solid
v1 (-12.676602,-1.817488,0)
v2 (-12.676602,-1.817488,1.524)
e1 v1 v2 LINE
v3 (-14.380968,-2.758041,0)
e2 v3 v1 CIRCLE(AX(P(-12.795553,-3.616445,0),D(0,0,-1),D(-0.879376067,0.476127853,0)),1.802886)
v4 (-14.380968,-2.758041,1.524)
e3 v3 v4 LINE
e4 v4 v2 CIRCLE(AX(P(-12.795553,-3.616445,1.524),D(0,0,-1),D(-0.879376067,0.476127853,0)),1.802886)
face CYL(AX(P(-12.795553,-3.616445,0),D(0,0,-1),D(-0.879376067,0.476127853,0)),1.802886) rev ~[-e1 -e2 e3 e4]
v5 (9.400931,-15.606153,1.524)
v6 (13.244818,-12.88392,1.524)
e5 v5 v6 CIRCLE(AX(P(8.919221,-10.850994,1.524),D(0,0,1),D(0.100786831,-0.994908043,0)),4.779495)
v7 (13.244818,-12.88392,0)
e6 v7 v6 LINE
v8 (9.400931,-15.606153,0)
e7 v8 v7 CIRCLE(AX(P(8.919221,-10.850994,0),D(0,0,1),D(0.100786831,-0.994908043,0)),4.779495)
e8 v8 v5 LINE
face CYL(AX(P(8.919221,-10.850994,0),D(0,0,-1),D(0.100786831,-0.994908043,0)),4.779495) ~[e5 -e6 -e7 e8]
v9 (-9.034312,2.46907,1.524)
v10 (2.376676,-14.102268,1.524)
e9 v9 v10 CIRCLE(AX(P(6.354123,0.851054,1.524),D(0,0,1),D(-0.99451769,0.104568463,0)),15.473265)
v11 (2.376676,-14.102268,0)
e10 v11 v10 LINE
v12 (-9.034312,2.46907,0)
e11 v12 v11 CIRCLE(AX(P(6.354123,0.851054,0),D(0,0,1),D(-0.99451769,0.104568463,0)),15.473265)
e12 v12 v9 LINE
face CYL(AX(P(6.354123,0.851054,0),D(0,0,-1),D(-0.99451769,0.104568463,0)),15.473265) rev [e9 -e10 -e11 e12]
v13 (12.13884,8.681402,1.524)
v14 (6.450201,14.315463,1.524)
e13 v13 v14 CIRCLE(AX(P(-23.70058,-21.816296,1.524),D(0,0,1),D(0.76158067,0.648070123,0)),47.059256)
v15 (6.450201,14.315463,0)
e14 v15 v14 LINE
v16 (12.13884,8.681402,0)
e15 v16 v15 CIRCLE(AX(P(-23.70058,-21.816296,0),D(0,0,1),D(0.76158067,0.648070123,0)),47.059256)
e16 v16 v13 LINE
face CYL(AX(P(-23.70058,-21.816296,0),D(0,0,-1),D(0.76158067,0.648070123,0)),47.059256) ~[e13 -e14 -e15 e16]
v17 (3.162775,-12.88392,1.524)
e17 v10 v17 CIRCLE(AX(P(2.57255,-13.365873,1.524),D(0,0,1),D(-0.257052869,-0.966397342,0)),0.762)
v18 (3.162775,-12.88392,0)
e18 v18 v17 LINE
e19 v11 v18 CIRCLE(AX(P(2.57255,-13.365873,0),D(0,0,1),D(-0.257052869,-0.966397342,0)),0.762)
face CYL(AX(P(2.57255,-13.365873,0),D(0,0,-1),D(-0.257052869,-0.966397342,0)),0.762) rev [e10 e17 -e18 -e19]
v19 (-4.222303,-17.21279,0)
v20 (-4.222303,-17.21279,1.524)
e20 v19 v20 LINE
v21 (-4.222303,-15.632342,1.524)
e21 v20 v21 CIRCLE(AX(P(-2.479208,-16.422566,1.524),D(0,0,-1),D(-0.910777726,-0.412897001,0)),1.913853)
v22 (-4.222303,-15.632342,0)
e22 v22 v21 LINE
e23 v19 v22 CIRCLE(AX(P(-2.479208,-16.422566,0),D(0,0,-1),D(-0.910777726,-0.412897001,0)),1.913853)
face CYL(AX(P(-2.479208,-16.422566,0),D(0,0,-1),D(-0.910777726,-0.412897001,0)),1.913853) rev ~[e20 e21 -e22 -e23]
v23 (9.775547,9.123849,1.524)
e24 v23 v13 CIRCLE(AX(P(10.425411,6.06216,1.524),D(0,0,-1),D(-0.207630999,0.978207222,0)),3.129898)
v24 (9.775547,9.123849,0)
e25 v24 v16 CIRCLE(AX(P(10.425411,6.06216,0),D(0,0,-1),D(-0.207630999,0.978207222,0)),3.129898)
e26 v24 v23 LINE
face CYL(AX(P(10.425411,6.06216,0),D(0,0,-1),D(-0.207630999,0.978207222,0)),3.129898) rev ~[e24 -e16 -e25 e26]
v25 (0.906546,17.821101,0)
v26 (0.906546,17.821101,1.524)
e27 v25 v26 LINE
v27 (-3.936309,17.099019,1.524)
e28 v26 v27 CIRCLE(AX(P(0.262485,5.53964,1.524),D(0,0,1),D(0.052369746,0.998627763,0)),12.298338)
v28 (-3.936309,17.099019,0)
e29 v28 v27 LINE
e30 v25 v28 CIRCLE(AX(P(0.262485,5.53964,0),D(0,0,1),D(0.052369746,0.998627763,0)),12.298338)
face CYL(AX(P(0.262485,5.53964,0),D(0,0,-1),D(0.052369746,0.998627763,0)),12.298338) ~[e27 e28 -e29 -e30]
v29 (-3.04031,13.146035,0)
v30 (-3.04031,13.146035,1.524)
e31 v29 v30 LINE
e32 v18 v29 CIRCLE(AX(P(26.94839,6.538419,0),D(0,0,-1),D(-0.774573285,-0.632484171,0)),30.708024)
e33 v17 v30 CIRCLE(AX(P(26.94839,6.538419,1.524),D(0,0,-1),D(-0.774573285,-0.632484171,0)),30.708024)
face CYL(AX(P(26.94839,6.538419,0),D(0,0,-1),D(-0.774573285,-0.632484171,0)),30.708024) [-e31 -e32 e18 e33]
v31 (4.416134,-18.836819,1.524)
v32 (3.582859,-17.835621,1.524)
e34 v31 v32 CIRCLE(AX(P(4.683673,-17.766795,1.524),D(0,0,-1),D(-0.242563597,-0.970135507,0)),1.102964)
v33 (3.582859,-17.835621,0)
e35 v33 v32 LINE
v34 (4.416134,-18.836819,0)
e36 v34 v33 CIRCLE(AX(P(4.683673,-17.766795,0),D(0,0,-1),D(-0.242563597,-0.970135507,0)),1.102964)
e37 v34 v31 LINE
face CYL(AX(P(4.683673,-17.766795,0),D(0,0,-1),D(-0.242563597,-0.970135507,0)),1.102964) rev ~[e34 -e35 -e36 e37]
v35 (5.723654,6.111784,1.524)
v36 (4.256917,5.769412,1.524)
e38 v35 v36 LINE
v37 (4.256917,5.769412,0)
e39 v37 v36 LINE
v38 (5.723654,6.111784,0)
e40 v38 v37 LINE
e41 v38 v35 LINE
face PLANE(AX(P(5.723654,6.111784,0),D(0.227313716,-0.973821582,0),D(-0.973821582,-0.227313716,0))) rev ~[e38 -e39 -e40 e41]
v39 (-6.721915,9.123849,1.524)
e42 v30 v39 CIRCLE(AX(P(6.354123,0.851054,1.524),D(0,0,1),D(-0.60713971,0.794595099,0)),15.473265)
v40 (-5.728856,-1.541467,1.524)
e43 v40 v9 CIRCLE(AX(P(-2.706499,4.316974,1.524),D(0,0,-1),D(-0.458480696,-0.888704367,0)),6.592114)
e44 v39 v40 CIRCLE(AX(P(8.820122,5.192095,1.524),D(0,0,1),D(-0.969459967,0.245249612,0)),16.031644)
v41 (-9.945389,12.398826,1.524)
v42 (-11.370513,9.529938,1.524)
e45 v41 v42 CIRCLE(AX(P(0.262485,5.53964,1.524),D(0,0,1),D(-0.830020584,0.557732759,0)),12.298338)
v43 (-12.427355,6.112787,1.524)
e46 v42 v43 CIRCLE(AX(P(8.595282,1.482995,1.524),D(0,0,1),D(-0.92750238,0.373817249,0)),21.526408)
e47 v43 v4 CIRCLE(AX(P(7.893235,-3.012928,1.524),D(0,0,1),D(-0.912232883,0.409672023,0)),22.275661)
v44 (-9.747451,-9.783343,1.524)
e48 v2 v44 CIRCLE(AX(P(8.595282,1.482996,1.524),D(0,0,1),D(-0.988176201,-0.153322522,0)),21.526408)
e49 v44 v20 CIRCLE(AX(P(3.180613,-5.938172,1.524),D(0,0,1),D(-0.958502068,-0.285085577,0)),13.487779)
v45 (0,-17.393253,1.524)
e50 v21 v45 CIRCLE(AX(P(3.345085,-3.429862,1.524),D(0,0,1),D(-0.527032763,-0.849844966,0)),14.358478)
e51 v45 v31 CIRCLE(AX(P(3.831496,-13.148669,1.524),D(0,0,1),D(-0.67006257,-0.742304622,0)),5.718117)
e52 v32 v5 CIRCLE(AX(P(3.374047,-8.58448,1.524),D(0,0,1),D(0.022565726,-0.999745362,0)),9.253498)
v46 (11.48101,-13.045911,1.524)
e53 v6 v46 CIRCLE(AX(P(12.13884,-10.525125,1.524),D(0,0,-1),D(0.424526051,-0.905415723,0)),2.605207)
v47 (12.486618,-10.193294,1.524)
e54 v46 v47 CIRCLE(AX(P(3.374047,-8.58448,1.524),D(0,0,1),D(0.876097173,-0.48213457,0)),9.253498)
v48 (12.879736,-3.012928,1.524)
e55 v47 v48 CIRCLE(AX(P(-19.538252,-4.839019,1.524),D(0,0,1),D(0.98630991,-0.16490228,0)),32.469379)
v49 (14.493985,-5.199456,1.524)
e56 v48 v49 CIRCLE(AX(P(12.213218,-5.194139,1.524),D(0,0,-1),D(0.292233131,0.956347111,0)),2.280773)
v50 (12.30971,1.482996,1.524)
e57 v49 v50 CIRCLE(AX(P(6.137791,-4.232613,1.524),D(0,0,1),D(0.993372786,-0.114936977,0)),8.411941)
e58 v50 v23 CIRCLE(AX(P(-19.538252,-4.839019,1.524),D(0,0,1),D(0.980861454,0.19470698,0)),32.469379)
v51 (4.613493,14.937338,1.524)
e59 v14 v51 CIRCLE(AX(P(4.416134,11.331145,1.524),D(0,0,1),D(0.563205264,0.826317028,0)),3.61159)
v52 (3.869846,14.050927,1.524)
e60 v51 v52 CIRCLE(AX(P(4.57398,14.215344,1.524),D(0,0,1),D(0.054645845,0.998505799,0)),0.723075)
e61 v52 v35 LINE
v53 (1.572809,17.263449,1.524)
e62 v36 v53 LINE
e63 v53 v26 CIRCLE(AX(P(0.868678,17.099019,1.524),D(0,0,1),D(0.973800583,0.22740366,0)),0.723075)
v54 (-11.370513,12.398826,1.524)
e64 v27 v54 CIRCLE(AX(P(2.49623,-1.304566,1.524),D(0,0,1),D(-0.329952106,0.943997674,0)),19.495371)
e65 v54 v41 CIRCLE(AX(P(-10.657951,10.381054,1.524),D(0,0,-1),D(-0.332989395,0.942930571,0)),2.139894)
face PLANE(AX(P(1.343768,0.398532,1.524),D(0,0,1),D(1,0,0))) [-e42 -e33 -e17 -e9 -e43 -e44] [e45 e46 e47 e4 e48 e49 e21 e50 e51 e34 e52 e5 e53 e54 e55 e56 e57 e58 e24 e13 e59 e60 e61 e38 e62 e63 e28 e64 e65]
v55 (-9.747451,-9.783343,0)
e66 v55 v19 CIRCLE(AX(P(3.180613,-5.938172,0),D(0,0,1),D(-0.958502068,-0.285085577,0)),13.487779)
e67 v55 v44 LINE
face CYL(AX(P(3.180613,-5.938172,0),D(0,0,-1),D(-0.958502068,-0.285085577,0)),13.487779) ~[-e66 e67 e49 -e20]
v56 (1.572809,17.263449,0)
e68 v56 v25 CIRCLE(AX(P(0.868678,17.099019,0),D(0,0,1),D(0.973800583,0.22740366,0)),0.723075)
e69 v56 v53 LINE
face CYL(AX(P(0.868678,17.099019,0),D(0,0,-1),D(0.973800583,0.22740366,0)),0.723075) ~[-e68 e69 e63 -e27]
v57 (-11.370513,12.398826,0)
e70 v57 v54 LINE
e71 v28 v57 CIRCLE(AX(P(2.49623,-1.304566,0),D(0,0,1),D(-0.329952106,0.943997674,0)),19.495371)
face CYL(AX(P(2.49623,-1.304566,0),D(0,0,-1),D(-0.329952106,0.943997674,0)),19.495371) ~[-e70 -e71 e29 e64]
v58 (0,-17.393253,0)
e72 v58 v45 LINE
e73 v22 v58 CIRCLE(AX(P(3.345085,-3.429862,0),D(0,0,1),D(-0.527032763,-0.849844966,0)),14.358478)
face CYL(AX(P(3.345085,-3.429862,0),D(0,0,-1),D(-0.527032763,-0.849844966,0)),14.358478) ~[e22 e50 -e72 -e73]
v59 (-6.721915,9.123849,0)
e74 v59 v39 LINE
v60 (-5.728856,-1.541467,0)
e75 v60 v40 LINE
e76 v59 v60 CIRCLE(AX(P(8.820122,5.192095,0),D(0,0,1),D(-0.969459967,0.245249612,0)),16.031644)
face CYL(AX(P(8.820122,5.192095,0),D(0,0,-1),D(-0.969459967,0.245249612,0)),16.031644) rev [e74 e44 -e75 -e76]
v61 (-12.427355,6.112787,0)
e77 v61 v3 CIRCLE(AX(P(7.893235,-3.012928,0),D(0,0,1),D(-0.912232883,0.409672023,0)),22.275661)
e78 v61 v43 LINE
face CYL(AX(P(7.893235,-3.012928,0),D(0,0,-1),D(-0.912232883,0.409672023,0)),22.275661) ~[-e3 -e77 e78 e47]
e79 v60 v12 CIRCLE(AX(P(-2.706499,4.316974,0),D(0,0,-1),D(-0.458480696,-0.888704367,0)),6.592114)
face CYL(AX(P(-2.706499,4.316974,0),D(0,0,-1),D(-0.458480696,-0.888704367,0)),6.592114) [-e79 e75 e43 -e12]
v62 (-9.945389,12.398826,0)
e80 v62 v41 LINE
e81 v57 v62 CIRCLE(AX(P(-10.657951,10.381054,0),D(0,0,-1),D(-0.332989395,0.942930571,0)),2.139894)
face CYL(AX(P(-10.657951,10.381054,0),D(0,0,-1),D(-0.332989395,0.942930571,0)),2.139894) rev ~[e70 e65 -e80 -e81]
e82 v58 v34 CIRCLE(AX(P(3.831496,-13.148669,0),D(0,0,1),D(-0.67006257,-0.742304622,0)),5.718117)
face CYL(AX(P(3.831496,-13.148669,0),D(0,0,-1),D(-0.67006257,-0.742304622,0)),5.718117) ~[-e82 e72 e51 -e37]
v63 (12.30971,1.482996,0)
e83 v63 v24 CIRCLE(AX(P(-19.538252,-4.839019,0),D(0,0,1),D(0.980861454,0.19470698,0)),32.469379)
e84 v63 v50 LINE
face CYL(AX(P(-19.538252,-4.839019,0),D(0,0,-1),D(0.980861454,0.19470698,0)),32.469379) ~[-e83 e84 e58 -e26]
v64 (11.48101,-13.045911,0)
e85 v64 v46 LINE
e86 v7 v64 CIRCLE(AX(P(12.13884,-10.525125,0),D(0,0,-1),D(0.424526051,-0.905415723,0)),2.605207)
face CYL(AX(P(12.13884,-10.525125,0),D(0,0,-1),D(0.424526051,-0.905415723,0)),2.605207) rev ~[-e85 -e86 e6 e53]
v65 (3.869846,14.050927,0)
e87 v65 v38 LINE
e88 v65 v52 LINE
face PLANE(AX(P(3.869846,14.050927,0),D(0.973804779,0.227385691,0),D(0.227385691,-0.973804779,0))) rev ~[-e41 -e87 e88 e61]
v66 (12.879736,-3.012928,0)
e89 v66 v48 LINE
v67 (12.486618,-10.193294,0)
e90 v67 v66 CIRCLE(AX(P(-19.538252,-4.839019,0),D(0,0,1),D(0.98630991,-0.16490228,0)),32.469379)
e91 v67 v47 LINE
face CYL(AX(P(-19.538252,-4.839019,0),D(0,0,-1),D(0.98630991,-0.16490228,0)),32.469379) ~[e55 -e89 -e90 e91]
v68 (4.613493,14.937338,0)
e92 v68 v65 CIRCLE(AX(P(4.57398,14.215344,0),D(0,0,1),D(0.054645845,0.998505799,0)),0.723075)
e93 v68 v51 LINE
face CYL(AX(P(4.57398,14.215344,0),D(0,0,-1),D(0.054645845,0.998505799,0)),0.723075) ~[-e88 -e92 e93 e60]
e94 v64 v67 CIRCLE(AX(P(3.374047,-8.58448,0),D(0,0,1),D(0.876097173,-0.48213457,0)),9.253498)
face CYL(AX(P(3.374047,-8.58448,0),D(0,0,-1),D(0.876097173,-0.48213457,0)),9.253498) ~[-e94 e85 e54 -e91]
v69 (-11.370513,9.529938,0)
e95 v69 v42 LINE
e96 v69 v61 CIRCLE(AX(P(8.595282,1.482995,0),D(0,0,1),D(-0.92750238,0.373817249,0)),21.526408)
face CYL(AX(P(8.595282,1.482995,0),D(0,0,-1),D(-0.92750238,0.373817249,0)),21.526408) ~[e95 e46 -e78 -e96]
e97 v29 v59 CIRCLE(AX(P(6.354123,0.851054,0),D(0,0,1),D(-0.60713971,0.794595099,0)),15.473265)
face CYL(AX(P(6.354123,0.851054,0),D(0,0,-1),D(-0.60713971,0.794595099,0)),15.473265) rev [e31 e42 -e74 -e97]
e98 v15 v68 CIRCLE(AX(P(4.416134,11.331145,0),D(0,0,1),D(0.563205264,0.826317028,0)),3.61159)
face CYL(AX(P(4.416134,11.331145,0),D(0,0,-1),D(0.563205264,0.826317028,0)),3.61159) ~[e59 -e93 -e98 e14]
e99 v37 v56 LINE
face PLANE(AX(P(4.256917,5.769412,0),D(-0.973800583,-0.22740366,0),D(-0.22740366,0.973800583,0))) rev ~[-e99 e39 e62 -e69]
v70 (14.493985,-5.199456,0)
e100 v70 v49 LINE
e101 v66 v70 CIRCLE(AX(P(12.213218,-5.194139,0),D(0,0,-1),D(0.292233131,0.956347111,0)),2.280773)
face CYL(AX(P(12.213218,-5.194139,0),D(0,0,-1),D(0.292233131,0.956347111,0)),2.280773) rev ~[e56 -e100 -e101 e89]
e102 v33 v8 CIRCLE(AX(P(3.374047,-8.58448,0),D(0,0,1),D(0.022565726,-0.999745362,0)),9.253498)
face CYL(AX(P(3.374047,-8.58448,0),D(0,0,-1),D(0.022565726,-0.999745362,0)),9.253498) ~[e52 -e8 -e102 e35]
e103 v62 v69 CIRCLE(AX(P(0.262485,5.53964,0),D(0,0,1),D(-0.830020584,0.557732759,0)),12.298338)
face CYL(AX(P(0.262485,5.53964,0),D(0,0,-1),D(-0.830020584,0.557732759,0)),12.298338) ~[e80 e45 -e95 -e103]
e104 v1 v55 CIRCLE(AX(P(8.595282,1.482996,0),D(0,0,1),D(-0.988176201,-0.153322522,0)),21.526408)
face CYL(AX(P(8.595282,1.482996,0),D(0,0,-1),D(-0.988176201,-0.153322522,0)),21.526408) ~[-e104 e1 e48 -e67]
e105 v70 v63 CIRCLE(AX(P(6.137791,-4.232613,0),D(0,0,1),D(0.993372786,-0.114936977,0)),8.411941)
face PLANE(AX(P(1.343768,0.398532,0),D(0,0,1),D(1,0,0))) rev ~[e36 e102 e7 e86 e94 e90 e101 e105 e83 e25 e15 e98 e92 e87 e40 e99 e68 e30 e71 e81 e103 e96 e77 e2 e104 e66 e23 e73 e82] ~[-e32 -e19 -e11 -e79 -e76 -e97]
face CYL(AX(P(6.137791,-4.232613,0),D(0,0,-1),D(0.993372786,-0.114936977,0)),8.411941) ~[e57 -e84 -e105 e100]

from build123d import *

# Parameters (mm, degrees)
BOSS_EXTRUDE1_DEPTH = 1.524


with BuildPart() as part:
    # Sketch1 → Boss-Extrude1 (new body)
    with BuildSketch(Plane.XY):
        with BuildLine():
            Line((4.256917141, 5.769411883), (1.572809007, 17.263448795))
            ThreePointArc((1.572809007, 17.263448795), (1.33277356, 17.653503195), (0.906545614, 17.821101488))
            ThreePointArc((0.906545614, 17.821101488), (-1.551180683, 17.70350979), (-3.936309018, 17.099018945))
            ThreePointArc((-3.936309018, 17.099018945), (-7.921935156, 15.173641861), (-11.370512849, 12.398825736))
            ThreePointArc((-11.370512849, 12.398825736), (-10.65795085, 12.520948262), (-9.945388851, 12.398825736))
            ThreePointArc((-9.945388851, 12.398825736), (-10.75175796, 11.010980832), (-11.370512849, 9.529938291))
            ThreePointArc((-11.370512849, 9.529938291), (-11.970031651, 7.843351342), (-12.427355406, 6.112786892))
            ThreePointArc((-12.427355406, 6.112786892), (-13.861120773, 1.778008598), (-14.380967646, -2.758040919))
            ThreePointArc((-14.380967646, -2.758040919), (-13.666638109, -2.037962277), (-12.676602307, -1.817487676))
            ThreePointArc((-12.676602307, -1.817487676), (-11.608509665, -5.94620724), (-9.747451479, -9.783342834))
            ThreePointArc((-9.747451479, -9.783342834), (-7.642342319, -13.987011856), (-4.222302714, -17.212790355))
            ThreePointArc((-4.222302714, -17.212790355), (-4.393060991, -16.422566374), (-4.222302714, -15.632342393))
            ThreePointArc((-4.222302714, -15.632342393), (-2.181732974, -16.682038059), (0, -17.393253279))
            ThreePointArc((0, -17.393253279), (2.054844162, -18.583773873), (4.416134447, -18.836819344))
            ThreePointArc((4.416134447, -18.836819344), (3.835913361, -18.472367282), (3.582858973, -17.835621422))
            ThreePointArc((3.582858973, -17.835621422), (6.685181318, -17.225290735), (9.400931472, -15.606152513))
            ThreePointArc((9.400931472, -15.606152513), (11.681500609, -14.751428539), (13.244817958, -12.883920166))
            ThreePointArc((13.244817958, -12.883920166), (12.377103481, -13.119413472), (11.481010343, -13.045911095))
            ThreePointArc((11.481010343, -13.045911095), (12.101156665, -11.660968144), (12.48661751, -10.193293666))
            ThreePointArc((12.48661751, -10.193293666), (12.882572593, -6.614027713), (12.879735524, -3.012928279))
            ThreePointArc((12.879735524, -3.012928279), (14.048115247, -3.839488411), (14.493985036, -5.19945641))
            ThreePointArc((14.493985036, -5.19945641), (14.133433894, -1.619098645), (12.309709537, 1.482995539))
            ThreePointArc((12.309709537, 1.482995539), (11.280344817, 5.382263311), (9.775547345, 9.123849265))
            ThreePointArc((9.775547345, 9.123849265), (11.001373452, 9.138607919), (12.138839862, 8.681401588))
            ThreePointArc((12.138839862, 8.681401588), (9.414557137, 11.619631747), (6.450200817, 14.315462683))
            ThreePointArc((6.450200817, 14.315462683), (5.574364255, 14.751975507), (4.613492818, 14.937337889))
            ThreePointArc((4.613492818, 14.937337889), (4.020029106, 14.680075469), (3.869846118, 14.050926679))
            Line((3.869846118, 14.050926679), (5.723654442, 6.111784154))
            Line((5.723654442, 6.111784154), (4.256917141, 5.769411883))
        make_face()
        with BuildLine():
            ThreePointArc((-3.040310387, 13.14603457), (-5.059685303, 11.298393601), (-6.72191547, 9.123849265))
            ThreePointArc((-6.72191547, 9.123849265), (-7.142476483, 3.70580008), (-5.728856427, -1.541466531))
            ThreePointArc((-5.728856427, -1.541466531), (-7.793494607, 0.12430808), (-9.03431247, 2.469069667))
            ThreePointArc((-9.03431247, 2.469069667), (-6.389960205, -7.924495098), (2.376676031, -14.102267879))
            ThreePointArc((2.376676031, -14.102267879), (3.21284, -13.778999141), (3.16277516, -12.883920166))
            ThreePointArc((3.16277516, -12.883920166), (-2.923149595, -0.580137917), (-3.040310387, 13.14603457))
        make_face(mode=Mode.SUBTRACT)
    extrude(amount=BOSS_EXTRUDE1_DEPTH)


solid = part.part
